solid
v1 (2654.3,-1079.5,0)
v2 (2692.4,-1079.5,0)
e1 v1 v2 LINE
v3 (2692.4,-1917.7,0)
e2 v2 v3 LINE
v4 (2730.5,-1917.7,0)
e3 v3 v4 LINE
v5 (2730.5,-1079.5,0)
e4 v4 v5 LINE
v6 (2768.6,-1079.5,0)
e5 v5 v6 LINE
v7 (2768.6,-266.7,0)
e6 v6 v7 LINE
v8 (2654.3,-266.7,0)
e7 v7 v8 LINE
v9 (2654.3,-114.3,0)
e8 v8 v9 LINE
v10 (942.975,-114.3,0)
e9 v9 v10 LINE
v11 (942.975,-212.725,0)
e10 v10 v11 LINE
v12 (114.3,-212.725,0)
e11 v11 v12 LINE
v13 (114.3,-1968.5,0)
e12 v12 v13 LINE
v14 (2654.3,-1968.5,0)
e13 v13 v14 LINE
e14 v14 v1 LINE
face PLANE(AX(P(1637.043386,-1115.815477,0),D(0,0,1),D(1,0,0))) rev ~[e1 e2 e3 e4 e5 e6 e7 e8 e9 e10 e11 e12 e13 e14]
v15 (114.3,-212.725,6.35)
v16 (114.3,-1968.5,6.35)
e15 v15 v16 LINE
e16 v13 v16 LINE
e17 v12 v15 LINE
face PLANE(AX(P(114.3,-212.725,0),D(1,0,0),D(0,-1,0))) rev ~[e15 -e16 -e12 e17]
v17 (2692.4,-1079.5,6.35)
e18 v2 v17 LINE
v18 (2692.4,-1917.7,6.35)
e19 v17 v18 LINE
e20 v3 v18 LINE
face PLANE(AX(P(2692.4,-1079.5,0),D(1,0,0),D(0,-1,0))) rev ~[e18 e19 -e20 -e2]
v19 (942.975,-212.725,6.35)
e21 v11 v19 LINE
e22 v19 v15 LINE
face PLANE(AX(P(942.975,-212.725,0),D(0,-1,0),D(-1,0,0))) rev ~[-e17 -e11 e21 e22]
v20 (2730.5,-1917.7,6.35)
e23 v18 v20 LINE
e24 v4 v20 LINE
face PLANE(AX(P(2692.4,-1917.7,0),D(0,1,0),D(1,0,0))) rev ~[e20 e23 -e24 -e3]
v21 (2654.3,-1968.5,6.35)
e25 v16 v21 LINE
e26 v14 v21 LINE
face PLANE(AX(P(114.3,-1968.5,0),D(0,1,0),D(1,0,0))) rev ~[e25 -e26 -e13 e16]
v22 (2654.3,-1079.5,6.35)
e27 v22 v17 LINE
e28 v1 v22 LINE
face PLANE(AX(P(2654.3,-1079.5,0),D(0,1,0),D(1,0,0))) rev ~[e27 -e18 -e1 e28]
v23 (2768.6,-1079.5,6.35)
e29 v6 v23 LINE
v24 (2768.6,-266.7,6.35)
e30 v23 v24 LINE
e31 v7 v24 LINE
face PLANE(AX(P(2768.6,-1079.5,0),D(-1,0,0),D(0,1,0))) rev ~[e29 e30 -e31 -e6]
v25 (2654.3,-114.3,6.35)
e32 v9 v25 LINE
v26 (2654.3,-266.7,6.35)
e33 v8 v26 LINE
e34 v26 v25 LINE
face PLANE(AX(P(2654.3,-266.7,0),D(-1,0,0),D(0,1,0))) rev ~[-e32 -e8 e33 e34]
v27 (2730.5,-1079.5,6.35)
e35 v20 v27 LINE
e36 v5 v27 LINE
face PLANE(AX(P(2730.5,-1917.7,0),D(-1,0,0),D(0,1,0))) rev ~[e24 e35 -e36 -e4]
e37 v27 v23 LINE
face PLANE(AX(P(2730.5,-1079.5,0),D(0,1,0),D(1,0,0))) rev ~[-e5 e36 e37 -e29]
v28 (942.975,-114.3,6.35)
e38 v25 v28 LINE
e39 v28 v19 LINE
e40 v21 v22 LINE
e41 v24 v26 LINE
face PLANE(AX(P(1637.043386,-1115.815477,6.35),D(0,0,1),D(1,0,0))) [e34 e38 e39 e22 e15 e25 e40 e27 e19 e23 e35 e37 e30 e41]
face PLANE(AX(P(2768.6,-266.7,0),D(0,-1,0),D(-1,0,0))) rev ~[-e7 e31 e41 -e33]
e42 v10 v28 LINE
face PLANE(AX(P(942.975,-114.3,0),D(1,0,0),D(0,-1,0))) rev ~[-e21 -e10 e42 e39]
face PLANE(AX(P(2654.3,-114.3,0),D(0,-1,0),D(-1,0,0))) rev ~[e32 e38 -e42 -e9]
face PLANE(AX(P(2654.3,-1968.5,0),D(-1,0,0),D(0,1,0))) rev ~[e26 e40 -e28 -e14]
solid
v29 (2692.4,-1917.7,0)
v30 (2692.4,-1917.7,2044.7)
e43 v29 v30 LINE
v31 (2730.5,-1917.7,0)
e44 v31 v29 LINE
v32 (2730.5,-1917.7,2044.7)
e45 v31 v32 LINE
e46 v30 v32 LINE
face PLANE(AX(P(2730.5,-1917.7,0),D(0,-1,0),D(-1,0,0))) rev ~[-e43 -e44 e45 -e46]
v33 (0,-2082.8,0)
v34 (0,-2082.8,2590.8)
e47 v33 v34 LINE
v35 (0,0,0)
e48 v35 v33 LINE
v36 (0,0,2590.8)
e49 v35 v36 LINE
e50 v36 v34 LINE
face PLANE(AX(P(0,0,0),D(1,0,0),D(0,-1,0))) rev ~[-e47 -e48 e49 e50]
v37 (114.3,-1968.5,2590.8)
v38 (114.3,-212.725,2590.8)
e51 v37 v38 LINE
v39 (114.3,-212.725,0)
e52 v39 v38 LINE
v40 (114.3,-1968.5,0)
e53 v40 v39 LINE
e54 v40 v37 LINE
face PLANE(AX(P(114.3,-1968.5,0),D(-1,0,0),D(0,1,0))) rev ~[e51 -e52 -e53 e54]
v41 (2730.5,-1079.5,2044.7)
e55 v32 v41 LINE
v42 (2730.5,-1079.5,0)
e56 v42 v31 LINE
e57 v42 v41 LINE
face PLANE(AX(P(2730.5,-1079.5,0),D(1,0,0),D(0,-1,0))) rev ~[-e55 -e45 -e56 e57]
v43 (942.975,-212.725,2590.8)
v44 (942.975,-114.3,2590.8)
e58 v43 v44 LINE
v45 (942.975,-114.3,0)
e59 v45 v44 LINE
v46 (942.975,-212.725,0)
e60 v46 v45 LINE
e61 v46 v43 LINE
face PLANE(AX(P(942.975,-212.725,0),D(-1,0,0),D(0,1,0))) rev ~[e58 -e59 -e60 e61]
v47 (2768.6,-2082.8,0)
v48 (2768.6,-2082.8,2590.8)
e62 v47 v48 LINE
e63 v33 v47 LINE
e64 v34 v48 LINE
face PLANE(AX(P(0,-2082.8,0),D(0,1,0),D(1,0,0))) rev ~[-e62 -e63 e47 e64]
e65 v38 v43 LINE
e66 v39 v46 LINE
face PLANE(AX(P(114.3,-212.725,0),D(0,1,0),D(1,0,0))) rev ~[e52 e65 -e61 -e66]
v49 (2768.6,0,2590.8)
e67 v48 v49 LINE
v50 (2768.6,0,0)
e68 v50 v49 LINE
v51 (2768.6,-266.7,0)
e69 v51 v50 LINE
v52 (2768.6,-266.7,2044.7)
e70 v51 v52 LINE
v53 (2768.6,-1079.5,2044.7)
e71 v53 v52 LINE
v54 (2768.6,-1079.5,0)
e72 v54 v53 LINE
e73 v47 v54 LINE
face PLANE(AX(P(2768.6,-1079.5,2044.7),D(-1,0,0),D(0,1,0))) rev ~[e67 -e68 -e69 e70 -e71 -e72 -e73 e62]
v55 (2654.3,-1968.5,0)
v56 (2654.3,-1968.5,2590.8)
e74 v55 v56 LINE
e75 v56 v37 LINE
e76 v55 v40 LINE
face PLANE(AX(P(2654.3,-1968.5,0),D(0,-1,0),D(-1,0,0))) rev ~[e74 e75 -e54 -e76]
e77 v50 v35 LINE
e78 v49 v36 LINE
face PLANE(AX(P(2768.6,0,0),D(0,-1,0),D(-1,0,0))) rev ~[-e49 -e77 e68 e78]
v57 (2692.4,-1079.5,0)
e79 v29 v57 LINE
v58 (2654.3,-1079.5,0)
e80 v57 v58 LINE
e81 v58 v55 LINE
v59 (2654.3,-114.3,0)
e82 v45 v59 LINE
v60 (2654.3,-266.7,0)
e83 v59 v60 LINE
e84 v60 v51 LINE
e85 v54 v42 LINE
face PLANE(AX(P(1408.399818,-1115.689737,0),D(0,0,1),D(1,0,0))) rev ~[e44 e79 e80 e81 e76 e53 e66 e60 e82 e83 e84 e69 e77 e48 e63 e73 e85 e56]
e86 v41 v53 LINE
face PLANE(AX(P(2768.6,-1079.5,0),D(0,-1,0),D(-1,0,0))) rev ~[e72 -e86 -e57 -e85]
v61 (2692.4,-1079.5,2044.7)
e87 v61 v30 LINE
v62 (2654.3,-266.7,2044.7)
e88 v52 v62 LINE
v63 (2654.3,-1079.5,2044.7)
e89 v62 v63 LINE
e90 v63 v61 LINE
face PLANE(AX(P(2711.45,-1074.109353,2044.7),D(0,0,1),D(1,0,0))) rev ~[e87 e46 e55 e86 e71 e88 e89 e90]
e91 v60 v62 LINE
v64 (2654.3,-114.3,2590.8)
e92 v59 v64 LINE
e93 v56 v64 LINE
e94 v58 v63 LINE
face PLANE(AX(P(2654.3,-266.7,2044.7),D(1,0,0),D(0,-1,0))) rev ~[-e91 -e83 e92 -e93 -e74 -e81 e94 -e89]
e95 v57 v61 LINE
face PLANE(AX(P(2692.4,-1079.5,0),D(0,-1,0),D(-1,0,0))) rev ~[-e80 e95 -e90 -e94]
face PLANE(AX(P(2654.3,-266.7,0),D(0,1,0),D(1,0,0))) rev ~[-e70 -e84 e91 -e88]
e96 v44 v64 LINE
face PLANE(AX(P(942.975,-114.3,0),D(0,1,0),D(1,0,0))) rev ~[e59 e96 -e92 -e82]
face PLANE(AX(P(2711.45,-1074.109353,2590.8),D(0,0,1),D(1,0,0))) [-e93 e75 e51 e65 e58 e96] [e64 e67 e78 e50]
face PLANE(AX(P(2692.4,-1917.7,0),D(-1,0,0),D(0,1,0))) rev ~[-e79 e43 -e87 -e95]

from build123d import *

# Parameters (mm, degrees)
F1_DEPTH = 2590.8
F3_DEPTH = 6.35
F6_DEPTH = 546.1


with BuildPart() as f1:
    # F0 (on Top) → F1 (new body)
    with BuildSketch(Plane.XY):
        Polygon((2768.6, 0), (0, 0), (0, -2082.8), (2768.6, -2082.8), (2768.6, -1079.5), (2730.5, -1079.5), (2730.5, -1917.7), (2692.4, -1917.7), (2692.4, -1079.5), (2654.3, -1079.5), (2654.3, -1968.5), (114.3, -1968.5), (114.3, -212.725), (942.975, -212.725), (942.975, -114.3), (2654.3, -114.3), (2654.3, -266.7), (2768.6, -266.7), align=None)
    extrude(amount=F1_DEPTH)

    # F5 (on offset) → F6 (join)
    with BuildSketch(Plane.XY.offset(2044.7)):
        Polygon((2768.6, -266.7), (2654.3, -266.7), (2654.3, -1079.5), (2692.4, -1079.5), (2692.4, -1917.7), (2730.5, -1917.7), (2730.5, -1079.5), (2768.6, -1079.5), align=None)
    extrude(amount=F6_DEPTH)


with BuildPart() as f3:
    # F2 (on Top) → F3 (new body)
    with BuildSketch(Plane.XY):
        Polygon((942.975, -212.725), (114.3, -212.725), (114.3, -1968.5), (2654.3, -1968.5), (2654.3, -1079.5), (2692.4, -1079.5), (2692.4, -1917.7), (2730.5, -1917.7), (2730.5, -1079.5), (2768.6, -1079.5), (2768.6, -266.7), (2654.3, -266.7), (2654.3, -114.3), (942.975, -114.3), align=None)
    extrude(amount=F3_DEPTH)


solid = Compound([f1.part, f3.part])
